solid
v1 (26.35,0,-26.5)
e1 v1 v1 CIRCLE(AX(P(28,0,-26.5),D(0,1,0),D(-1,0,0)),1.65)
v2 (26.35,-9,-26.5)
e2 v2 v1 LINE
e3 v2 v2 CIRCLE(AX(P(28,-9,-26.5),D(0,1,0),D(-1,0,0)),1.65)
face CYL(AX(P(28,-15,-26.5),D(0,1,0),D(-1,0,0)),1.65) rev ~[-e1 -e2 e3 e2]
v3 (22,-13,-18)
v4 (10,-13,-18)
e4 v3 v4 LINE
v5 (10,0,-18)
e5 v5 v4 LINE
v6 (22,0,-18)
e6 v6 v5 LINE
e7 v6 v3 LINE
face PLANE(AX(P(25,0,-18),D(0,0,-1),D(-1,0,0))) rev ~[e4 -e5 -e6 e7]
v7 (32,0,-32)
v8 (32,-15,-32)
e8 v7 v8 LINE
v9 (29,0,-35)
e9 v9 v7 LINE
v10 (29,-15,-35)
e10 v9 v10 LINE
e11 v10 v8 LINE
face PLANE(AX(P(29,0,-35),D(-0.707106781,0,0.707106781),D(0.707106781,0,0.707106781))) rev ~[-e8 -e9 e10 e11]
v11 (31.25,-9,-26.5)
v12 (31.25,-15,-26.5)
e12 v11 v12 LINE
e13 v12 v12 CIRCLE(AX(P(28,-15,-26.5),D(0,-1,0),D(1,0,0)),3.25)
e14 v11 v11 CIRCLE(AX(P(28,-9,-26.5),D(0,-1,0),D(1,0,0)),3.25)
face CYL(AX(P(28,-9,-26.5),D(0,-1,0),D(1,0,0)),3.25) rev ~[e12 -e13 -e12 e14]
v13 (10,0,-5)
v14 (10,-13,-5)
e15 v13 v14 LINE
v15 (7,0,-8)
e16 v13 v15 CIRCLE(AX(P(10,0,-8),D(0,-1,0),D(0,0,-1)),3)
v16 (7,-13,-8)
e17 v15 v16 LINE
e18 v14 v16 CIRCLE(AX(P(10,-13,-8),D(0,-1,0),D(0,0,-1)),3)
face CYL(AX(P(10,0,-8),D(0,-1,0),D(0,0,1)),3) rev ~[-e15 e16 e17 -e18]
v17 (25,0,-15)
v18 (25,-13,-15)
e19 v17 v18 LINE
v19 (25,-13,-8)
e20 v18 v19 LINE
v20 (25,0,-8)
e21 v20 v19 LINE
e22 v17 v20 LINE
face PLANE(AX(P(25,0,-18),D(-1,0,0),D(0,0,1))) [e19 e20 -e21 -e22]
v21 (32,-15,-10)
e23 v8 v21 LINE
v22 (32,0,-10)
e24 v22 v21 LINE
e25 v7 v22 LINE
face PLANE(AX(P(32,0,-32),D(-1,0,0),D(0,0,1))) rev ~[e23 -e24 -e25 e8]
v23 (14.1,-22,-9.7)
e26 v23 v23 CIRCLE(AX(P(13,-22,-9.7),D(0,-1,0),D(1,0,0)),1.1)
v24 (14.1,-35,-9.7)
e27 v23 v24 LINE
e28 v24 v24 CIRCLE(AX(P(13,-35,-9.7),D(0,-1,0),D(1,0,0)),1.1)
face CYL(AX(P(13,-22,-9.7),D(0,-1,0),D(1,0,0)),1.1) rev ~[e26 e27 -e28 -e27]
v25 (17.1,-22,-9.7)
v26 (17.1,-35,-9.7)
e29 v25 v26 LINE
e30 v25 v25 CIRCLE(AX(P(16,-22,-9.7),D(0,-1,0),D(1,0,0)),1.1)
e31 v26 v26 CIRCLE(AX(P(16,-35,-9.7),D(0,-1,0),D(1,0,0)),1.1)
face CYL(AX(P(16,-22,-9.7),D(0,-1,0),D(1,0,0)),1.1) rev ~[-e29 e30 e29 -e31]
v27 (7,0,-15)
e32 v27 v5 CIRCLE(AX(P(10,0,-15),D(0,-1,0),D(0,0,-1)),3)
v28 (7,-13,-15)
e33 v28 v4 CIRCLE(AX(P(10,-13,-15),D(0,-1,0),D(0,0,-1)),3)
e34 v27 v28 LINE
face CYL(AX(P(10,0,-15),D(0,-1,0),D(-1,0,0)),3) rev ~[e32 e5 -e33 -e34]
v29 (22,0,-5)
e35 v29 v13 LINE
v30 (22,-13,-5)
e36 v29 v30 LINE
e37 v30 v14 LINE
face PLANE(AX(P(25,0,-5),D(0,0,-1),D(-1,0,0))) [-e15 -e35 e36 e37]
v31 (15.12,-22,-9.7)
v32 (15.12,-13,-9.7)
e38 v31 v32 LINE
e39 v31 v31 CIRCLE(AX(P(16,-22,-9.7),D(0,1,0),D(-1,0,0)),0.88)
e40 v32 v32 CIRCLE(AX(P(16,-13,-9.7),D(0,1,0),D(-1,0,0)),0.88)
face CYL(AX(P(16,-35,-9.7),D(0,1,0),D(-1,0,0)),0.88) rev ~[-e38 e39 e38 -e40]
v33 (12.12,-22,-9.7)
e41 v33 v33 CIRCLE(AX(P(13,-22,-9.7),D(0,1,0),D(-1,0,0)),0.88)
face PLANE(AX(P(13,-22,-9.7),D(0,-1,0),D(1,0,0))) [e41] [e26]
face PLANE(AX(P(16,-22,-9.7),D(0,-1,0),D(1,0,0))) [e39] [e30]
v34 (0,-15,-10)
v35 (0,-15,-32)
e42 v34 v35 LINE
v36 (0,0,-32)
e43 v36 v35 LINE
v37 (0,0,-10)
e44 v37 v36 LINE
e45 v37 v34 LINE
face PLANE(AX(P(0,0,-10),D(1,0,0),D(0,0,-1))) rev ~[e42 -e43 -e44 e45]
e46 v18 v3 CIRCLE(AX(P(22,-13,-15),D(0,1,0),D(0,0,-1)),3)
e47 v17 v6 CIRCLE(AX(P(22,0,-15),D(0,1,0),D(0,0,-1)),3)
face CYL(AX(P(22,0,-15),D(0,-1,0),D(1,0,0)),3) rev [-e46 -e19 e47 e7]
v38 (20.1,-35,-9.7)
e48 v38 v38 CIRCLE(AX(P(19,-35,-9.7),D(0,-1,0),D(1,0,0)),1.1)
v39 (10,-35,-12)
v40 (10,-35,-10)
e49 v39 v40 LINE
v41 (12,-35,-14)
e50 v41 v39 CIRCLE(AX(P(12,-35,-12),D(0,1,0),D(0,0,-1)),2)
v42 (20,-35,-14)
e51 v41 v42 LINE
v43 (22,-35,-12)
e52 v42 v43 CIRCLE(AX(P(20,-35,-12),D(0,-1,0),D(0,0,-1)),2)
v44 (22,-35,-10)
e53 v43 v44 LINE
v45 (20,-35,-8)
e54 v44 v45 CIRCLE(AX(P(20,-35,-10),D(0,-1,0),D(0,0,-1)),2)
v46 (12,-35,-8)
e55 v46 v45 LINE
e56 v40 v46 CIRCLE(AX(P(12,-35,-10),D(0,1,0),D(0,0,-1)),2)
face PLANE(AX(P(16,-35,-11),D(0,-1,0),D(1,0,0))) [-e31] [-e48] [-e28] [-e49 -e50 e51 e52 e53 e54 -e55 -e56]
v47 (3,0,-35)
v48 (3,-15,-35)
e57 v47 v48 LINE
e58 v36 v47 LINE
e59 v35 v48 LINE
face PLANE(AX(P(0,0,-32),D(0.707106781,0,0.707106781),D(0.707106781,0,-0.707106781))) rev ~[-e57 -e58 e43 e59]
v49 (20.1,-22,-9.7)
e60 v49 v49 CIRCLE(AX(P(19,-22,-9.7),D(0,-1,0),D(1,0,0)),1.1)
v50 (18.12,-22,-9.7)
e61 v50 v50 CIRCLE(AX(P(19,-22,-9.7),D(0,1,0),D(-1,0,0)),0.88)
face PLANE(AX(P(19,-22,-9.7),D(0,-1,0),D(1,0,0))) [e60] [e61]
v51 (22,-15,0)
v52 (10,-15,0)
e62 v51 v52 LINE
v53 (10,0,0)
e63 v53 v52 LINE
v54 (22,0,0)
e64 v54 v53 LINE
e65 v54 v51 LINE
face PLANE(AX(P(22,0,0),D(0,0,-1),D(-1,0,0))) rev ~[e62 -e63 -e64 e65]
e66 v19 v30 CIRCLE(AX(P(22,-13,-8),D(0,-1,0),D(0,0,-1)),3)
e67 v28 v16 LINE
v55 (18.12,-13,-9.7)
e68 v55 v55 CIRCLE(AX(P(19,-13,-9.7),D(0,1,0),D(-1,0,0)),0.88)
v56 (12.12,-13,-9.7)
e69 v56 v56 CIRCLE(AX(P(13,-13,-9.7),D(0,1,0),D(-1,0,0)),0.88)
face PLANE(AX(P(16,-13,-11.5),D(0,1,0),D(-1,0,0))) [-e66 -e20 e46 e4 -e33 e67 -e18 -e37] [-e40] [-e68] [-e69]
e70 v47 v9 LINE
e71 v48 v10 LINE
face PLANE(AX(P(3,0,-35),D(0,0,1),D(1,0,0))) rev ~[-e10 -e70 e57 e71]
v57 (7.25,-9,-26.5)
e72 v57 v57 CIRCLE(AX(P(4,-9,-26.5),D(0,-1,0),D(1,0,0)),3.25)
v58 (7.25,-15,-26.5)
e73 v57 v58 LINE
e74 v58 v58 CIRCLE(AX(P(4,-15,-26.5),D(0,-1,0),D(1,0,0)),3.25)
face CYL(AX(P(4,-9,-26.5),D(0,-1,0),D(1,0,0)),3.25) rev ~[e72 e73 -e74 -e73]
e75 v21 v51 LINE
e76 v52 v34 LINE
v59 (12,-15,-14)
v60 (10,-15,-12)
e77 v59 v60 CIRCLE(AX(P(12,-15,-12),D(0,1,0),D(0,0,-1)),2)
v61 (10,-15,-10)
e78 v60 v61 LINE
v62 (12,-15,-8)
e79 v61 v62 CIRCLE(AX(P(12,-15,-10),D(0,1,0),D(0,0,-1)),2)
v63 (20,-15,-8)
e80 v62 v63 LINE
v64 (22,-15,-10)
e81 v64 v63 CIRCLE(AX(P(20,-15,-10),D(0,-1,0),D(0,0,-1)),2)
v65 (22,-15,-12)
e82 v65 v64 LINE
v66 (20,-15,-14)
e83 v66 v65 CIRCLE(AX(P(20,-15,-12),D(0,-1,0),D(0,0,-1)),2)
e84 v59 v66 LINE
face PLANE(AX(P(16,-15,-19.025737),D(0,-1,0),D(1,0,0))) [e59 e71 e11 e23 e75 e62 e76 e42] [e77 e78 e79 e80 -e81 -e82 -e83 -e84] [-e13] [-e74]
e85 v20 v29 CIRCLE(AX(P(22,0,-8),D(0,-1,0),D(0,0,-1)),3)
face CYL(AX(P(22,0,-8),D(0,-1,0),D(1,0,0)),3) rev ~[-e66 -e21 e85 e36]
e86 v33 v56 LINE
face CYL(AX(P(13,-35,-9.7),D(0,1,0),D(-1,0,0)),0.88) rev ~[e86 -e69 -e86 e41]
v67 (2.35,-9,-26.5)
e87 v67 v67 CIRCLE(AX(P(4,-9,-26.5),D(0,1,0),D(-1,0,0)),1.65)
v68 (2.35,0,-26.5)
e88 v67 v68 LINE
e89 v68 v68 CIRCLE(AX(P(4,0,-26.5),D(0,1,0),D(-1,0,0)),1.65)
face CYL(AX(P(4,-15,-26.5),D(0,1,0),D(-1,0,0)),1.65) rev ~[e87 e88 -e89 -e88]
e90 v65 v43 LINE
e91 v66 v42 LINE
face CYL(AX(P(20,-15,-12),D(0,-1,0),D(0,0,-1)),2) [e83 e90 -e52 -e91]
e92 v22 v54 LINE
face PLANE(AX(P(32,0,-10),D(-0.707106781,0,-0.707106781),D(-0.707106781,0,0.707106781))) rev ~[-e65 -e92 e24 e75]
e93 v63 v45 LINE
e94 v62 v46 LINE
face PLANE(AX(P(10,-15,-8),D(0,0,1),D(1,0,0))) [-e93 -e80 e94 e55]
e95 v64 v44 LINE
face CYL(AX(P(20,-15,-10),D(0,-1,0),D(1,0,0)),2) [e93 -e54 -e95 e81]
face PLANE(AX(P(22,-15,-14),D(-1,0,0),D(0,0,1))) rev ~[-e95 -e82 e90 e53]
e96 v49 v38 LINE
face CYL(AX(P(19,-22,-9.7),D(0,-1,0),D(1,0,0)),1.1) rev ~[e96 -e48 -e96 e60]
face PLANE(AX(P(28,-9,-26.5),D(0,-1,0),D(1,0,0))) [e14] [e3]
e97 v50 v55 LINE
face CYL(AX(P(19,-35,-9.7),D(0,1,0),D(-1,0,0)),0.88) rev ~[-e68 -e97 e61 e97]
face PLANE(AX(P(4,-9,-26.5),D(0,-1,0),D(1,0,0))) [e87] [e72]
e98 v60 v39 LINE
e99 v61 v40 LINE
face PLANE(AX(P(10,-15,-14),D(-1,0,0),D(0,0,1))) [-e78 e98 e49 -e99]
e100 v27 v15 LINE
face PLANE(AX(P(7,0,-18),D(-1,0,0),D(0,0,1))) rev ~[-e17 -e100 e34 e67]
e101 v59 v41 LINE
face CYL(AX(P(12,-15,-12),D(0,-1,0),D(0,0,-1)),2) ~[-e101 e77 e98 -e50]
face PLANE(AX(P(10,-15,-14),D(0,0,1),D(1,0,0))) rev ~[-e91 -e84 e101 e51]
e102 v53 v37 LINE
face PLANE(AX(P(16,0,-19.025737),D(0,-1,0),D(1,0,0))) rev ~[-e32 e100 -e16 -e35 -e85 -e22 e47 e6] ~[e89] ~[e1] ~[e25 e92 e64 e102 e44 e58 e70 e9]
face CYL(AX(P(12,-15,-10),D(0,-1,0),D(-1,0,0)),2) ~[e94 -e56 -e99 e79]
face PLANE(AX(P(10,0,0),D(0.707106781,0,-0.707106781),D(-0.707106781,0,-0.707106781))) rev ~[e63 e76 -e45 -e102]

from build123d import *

# Parameters (mm, degrees)
F1_DEPTH        = 15
F2_W            = 12
F2_H            = 6
F3_DEPTH        = 20
F4_W            = 18
F4_H            = 13
F5_DEPTH        = 13
F6_R            = 3
F7_D            = 3.3
F7_CBORE_D      = 6.5
F7_CBORE_DEPTH  = 6
F9_R            = 2
F10_D           = 1.76
F10_CBORE_D     = 2.2
F10_CBORE_DEPTH = 13


with BuildPart() as f1:
    # F0 (on Front) → F1 (new body)
    with BuildSketch(Plane.XZ):
        Polygon((22, 0), (10, 0), (0, -10), (0, -32), (3, -35), (29, -35), (32, -32), (32, -10), align=None)
    extrude(amount=F1_DEPTH)

    # F2 (on face) → F3 (join)
    with BuildSketch(Plane.XZ.offset(15)):
        with Locations((16, -11)):
            Rectangle(F2_W, F2_H)
    extrude(amount=F3_DEPTH)

    # F4 (on face) → F5 (cut)
    with BuildSketch(Plane(origin=(0, 0, 0), x_dir=(-1, 0, 0), z_dir=(0, 1, 0))):
        with Locations((-16, -11.5)):
            Rectangle(F4_W, F4_H)
    extrude(amount=-F5_DEPTH, mode=Mode.SUBTRACT)

    # F6
    f6_edges = [f1.edges().sort_by_distance(p)[0] for p in [
        (25, -6.5, -5),
        (7, -6.5, -5),
        (25, -6.5, -18),
        (7, -6.5, -18),
    ]]
    fillet(f6_edges, radius=F6_R)

    # F7 (through all)
    with Locations(Plane.XZ.offset(15)):
        with Locations((4, -26.5), (28, -26.5)):
            CounterBoreHole(F7_D / 2, F7_CBORE_D / 2, F7_CBORE_DEPTH)

    # F9
    f9_edges = [f1.edges().sort_by_distance(p)[0] for p in [
        (22, -25, -8),
        (22, -25, -14),
        (10, -25, -8),
        (10, -25, -14),
    ]]
    fillet(f9_edges, radius=F9_R)

    # F10 (through all)
    with Locations(Plane.XZ.offset(35)):
        with Locations((19, -9.7), (16, -9.7), (13, -9.7)):
            CounterBoreHole(F10_D / 2, F10_CBORE_D / 2, F10_CBORE_DEPTH)


solid = f1.part
